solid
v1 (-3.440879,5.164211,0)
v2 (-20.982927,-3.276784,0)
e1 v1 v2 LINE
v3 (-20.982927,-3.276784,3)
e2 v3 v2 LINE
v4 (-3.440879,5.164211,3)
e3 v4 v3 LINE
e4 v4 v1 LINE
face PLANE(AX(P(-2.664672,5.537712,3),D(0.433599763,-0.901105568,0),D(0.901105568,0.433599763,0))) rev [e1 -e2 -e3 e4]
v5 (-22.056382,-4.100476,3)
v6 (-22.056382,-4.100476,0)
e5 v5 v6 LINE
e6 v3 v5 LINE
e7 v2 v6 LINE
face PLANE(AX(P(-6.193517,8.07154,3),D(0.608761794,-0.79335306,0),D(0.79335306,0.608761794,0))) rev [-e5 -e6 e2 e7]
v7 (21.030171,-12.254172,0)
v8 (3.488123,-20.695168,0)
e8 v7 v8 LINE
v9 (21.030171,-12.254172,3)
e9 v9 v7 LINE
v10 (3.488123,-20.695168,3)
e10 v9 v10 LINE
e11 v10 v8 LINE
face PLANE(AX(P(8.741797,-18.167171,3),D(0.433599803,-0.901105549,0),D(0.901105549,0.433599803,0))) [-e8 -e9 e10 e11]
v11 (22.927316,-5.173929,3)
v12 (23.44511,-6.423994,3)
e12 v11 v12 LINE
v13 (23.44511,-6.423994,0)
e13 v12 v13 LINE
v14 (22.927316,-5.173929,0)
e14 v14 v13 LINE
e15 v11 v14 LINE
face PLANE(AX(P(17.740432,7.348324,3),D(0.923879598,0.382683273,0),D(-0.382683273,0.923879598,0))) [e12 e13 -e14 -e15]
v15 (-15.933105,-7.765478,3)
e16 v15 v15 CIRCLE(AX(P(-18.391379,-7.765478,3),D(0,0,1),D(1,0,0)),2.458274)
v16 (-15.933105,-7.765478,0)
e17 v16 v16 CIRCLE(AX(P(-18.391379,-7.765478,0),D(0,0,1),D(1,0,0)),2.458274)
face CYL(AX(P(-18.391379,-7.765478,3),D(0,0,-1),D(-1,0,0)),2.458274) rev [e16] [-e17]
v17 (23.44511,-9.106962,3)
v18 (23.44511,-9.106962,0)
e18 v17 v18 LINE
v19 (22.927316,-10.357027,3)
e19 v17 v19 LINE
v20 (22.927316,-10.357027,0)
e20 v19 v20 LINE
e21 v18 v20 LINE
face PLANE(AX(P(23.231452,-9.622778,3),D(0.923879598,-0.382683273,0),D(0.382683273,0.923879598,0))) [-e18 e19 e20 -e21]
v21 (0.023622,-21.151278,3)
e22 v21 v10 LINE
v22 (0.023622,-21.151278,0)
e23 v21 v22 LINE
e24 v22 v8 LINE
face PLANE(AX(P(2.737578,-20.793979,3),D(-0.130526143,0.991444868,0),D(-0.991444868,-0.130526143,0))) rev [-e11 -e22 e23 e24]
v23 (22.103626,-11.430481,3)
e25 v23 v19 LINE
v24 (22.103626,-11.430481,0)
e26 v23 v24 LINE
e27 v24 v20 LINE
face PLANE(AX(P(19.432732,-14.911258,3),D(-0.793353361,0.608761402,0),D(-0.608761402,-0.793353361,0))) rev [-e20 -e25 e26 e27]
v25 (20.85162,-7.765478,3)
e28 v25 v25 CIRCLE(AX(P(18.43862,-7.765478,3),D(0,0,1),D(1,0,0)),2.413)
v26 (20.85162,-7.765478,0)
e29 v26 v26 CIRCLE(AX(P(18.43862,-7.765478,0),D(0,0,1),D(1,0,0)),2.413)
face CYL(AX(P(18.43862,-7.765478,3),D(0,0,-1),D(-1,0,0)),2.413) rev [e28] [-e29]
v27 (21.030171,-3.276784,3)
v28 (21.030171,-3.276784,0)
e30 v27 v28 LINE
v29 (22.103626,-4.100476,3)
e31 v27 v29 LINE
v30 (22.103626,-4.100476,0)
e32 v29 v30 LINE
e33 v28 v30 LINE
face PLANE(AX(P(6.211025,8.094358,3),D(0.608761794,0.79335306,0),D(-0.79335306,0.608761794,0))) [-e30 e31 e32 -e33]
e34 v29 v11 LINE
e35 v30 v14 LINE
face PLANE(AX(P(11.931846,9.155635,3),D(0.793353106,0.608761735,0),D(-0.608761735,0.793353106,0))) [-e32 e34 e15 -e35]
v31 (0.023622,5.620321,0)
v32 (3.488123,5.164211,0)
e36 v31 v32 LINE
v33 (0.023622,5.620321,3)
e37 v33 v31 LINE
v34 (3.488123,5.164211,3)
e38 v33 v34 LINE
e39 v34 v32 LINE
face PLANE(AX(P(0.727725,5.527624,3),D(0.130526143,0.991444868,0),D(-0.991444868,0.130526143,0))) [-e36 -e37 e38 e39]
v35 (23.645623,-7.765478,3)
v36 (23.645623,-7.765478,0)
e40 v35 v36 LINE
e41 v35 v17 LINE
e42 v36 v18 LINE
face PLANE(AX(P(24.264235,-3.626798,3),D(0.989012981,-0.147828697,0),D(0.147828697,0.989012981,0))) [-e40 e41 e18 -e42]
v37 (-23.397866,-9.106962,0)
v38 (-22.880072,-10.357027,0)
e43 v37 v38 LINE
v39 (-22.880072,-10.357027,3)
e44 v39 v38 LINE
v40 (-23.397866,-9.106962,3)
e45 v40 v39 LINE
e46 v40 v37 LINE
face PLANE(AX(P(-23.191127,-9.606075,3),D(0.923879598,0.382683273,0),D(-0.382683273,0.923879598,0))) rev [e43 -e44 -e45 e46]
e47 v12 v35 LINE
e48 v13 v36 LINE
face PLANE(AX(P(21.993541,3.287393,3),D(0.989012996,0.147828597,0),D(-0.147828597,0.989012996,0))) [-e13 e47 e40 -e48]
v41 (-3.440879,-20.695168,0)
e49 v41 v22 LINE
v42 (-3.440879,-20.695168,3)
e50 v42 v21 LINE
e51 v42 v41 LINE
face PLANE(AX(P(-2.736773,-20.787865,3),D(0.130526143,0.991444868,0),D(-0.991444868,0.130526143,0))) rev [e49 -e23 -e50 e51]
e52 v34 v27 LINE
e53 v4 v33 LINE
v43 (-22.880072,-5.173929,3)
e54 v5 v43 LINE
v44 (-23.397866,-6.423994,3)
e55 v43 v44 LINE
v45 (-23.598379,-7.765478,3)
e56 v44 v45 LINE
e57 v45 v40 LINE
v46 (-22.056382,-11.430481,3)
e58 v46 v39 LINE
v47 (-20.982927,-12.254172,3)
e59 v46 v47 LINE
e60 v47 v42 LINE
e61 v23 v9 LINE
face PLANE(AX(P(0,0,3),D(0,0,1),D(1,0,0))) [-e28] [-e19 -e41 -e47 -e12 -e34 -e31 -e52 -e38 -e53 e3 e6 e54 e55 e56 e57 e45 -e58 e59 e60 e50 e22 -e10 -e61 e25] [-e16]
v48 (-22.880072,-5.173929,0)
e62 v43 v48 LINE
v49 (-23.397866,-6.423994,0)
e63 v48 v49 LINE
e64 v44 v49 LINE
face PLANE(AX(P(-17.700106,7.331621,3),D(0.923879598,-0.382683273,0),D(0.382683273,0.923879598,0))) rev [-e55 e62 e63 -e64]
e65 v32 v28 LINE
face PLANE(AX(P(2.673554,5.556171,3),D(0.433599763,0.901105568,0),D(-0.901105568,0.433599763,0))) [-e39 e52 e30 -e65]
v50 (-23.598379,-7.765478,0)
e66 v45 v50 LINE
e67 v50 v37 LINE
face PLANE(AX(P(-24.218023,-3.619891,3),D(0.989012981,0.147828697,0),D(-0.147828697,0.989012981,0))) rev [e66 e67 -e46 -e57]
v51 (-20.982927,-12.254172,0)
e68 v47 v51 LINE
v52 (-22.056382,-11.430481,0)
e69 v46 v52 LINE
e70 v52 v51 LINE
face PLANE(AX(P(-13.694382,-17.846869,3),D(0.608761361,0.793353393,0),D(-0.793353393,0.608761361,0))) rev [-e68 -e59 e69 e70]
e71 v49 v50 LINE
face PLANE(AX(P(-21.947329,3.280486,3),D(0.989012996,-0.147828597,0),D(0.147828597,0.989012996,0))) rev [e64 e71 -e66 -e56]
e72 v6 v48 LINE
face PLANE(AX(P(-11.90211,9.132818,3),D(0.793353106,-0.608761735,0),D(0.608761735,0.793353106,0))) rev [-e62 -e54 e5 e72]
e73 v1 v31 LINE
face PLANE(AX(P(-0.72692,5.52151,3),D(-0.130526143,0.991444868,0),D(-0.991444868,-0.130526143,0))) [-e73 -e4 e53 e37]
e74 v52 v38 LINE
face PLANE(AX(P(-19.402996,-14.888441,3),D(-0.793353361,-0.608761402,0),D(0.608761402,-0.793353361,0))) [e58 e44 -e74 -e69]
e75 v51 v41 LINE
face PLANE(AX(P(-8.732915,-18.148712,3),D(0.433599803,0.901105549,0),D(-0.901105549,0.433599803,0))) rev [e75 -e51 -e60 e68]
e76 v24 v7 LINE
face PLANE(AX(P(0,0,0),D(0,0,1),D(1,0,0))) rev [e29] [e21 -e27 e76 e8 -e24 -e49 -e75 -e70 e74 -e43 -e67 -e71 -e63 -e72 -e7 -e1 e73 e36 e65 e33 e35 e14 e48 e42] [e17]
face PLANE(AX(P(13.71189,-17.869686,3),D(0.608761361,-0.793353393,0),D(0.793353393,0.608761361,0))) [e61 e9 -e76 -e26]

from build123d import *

# Parameters (mm, degrees)
ESBO_O1_R                = 2.458273609
ESBO_O1_R_2              = 2.41299998
RESSALTO_EXTRUS_O2_DEPTH = 3


with BuildPart() as part:
    # Esboço1 → Ressalto-extrusão2 (new body)
    with BuildSketch(Plane.XY):
        Polygon((-3.440879294, 5.164211145), (0.023622001, 5.620321217), (0.023622001, -21.15127821), (-3.440879351, -20.69516813), (-20.982927009, -12.254172046), (-22.056381633, -11.43048149), (-22.880072189, -10.357026984), (-23.397865785, -9.106962052), (-23.598378589, -7.765478496), (-23.397865785, -6.423994009), (-22.880072189, -5.173929077), (-22.056381633, -4.100475502), (-20.982927009, -3.276784015), align=None)
        with Locations((-18.391378755, -7.765478496)):
            Circle(ESBO_O1_R, mode=Mode.SUBTRACT)
        Polygon((0.023622001, 5.620321217), (3.488123295, 5.164211145), (21.030171011, -3.276784015), (22.103625634, -4.100475502), (22.92731619, -5.173929077), (23.445109786, -6.423994009), (23.645622591, -7.765478496), (23.445109786, -9.106962052), (22.92731619, -10.357026984), (22.103625634, -11.43048149), (21.030171011, -12.254172046), (3.488123352, -20.69516813), (0.023622001, -21.15127821), align=None)
        with Locations((18.438620428, -7.765478496)):
            Circle(ESBO_O1_R_2, mode=Mode.SUBTRACT)
    extrude(amount=RESSALTO_EXTRUS_O2_DEPTH)


solid = part.part
